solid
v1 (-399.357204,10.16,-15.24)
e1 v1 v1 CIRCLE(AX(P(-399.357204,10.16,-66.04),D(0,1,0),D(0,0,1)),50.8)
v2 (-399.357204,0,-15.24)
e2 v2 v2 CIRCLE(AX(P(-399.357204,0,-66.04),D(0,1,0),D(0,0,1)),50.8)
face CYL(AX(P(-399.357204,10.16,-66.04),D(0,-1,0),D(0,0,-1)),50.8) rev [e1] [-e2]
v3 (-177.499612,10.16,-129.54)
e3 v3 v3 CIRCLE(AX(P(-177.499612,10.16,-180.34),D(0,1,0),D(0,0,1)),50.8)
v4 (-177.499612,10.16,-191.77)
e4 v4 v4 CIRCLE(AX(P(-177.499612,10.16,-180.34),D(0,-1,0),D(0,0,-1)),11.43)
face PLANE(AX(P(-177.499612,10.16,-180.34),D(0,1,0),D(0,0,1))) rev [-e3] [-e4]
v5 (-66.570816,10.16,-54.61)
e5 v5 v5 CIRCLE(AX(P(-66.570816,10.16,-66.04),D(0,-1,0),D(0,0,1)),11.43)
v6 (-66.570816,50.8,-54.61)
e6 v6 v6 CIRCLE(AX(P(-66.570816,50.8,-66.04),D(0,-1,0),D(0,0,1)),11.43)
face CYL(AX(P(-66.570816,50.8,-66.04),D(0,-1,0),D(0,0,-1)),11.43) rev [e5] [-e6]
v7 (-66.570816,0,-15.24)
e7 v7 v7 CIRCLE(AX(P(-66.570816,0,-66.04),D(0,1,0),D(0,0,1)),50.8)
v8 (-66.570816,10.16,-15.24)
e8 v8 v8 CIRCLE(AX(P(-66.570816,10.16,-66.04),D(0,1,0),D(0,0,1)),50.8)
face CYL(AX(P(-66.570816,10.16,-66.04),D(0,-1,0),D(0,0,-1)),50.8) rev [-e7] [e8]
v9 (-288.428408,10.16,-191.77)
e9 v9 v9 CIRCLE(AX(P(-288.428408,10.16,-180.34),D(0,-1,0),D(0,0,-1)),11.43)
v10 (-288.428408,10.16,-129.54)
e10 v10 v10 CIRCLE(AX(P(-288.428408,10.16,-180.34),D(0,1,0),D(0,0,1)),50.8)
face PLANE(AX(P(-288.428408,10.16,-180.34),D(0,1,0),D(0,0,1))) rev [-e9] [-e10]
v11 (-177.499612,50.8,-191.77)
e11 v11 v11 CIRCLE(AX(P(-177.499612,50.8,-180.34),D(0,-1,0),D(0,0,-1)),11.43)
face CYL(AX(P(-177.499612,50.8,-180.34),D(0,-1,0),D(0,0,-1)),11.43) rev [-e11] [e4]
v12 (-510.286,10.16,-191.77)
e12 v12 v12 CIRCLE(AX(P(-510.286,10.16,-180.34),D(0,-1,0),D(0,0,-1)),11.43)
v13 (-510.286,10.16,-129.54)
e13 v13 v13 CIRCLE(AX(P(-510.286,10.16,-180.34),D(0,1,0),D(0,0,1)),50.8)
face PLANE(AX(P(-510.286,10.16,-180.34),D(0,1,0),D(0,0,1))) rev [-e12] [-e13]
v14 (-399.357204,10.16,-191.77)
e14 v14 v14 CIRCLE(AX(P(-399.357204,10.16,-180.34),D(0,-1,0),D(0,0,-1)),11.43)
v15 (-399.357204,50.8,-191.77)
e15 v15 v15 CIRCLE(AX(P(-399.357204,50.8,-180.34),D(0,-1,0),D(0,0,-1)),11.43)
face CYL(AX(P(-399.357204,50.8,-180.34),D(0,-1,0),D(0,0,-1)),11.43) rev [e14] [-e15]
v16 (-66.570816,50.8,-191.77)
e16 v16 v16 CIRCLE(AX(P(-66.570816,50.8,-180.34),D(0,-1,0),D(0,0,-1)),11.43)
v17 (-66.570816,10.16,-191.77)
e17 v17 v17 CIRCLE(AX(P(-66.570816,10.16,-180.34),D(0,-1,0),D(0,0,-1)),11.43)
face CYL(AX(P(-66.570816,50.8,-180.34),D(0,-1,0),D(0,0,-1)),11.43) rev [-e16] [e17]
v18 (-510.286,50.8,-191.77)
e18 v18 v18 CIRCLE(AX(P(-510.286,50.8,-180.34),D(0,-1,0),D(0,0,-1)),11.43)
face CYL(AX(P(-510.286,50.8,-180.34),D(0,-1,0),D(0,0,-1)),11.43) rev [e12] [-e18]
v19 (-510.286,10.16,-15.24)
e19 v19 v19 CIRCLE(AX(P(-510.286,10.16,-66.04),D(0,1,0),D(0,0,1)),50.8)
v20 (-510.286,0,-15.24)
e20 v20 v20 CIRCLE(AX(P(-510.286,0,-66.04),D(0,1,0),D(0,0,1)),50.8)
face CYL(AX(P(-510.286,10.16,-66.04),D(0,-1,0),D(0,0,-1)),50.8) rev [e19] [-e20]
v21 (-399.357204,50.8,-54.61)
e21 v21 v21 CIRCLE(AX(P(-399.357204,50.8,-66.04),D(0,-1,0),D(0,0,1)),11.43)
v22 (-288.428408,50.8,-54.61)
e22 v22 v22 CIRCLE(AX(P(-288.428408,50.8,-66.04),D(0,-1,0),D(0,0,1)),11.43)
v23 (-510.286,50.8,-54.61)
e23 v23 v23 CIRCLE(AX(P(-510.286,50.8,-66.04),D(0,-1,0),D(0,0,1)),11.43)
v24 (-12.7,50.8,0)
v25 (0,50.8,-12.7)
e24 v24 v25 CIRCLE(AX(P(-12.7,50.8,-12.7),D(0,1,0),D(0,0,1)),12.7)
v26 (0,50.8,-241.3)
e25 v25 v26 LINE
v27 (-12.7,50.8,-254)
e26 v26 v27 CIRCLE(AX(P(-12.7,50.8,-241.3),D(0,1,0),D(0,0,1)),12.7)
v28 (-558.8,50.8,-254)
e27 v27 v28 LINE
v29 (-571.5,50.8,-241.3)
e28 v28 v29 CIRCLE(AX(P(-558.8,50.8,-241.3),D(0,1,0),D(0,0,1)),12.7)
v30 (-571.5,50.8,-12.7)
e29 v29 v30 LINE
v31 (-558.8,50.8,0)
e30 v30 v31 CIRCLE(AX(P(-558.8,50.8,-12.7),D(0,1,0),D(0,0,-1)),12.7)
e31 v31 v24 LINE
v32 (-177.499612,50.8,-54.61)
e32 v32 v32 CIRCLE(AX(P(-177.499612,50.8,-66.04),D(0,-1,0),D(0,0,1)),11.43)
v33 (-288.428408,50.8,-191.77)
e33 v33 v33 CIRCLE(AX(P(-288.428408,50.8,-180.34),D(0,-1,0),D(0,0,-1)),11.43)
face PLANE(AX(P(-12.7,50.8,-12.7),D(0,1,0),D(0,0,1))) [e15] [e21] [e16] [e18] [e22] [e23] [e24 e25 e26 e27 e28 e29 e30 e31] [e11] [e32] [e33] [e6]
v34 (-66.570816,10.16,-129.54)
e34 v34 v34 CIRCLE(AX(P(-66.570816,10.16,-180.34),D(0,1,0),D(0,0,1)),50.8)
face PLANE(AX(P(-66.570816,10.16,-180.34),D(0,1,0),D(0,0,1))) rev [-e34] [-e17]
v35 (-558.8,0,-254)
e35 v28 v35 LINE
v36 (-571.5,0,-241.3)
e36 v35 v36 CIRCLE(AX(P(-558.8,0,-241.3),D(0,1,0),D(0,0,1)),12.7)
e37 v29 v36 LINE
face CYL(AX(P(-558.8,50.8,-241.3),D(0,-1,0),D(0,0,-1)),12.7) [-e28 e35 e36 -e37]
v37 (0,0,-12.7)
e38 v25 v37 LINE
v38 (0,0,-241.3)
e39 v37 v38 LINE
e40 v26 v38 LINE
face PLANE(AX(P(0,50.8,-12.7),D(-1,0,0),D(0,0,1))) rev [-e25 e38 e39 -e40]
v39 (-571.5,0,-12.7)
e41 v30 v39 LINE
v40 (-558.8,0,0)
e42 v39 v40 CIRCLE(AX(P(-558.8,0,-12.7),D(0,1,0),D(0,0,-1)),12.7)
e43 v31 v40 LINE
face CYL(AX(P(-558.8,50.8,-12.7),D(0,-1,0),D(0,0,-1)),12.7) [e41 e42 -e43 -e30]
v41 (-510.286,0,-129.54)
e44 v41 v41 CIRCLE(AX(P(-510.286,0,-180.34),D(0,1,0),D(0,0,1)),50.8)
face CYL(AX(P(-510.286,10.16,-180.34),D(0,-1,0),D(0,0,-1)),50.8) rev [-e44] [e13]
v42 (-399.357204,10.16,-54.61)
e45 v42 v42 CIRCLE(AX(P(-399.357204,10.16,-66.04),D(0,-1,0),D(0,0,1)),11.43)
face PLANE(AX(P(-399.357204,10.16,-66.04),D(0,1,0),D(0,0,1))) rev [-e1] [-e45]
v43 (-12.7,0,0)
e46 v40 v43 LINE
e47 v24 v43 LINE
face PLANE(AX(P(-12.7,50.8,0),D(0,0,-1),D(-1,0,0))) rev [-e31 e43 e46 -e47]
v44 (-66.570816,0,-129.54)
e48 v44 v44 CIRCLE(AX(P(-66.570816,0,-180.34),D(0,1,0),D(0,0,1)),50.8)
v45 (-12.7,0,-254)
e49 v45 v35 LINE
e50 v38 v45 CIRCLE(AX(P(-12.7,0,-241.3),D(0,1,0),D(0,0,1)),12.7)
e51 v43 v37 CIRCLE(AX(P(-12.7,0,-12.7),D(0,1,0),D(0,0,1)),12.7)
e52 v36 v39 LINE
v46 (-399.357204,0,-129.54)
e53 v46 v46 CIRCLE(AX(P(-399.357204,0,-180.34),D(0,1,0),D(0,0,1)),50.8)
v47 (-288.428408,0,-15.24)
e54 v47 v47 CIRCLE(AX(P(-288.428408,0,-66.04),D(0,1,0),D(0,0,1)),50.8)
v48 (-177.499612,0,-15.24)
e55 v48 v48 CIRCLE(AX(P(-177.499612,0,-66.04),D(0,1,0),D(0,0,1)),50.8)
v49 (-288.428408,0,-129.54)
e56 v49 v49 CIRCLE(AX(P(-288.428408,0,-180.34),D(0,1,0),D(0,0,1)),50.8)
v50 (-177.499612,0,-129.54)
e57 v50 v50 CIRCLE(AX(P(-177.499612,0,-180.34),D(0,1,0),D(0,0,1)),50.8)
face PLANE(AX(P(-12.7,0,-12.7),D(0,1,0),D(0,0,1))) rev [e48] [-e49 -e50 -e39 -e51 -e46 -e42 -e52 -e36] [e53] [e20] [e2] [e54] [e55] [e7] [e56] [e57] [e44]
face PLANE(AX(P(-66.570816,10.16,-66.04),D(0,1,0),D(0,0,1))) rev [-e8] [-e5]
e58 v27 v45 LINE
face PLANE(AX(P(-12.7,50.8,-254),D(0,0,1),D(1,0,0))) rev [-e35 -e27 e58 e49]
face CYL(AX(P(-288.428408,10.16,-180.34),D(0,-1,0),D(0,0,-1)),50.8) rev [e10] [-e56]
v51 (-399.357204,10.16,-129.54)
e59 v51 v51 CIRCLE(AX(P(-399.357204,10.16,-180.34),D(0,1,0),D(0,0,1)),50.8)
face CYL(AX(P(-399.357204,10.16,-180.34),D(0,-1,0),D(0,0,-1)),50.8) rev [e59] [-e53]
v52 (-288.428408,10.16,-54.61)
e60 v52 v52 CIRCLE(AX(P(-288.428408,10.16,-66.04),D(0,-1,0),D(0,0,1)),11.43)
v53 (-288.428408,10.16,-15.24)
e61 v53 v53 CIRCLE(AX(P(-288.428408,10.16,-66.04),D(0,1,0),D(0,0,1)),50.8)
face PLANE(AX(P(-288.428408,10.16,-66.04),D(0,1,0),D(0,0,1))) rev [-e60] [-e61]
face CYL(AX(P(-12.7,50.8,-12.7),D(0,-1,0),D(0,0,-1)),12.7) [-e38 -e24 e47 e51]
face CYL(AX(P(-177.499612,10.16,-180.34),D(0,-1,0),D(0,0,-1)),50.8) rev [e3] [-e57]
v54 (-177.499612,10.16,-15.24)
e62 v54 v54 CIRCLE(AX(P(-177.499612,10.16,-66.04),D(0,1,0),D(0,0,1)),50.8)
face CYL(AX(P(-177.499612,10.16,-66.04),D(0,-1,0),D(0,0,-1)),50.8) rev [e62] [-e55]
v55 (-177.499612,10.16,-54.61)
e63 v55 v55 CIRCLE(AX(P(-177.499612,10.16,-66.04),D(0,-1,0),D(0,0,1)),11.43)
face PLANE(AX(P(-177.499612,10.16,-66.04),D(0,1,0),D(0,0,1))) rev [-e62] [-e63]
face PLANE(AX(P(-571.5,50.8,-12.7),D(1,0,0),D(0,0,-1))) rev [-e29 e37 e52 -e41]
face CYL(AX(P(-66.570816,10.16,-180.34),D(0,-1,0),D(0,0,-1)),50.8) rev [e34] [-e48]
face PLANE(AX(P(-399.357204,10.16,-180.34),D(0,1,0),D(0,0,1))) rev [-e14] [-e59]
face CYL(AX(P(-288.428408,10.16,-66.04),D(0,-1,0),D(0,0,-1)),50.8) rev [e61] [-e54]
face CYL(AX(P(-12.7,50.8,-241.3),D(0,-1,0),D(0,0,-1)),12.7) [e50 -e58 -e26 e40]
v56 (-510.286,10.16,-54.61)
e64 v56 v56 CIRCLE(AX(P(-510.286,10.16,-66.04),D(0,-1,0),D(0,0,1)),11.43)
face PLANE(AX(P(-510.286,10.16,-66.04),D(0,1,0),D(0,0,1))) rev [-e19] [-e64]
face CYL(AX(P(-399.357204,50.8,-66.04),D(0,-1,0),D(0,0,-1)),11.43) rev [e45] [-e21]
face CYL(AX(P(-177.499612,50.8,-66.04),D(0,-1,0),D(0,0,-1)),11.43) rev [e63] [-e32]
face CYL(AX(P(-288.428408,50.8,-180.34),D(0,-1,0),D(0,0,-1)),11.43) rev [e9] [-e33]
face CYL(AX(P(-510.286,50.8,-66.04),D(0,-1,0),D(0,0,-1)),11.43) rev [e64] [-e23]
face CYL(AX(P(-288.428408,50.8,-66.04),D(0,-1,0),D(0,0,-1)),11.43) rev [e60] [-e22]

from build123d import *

# Parameters (mm, degrees)
BOSS_EXTRUDE1_DEPTH = 50.8
SKETCH2_R           = 50.8
CUT_EXTRUDE1_DEPTH  = 10.16
SKETCH3_R           = 11.43
CUT_EXTRUDE2_DEPTH  = 627.721516784


with BuildPart() as part:
    # Sketch1 → Boss-Extrude1 (new body)
    with BuildSketch(Plane(origin=(0, 0, 0), x_dir=(1, 0, 0), z_dir=(0, 1, 0))):
        with BuildLine():
            Line((-12.7, 0), (-558.8, 0))
            ThreePointArc((-558.8, 0), (-567.780256121, 3.719743879), (-571.5, 12.7))
            Line((-571.5, 12.7), (-571.5, 241.3))
            ThreePointArc((-571.5, 241.3), (-567.780256121, 250.280256121), (-558.8, 254))
            Line((-558.8, 254), (-12.7, 254))
            ThreePointArc((-12.7, 254), (-3.719743879, 250.280256121), (0, 241.3))
            Line((0, 241.3), (0, 12.7))
            ThreePointArc((0, 12.7), (-3.719743879, 3.719743879), (-12.7, 0))
        make_face()
    extrude(amount=BOSS_EXTRUDE1_DEPTH)

    # Sketch2 → Cut-Extrude1 (cut)
    with BuildSketch(Plane(origin=(0, 0, 0), x_dir=(1, 0, 0), z_dir=(0, 1, 0))):
        with Locations(Location((-177.499611663, 66.04, 0), (0, 0, 270))):
            Circle(SKETCH2_R)
        with Locations(Location((-66.57081555, 66.04, 0), (0, 0, 270))):
            Circle(SKETCH2_R)
        with Locations(Location((-288.428407775, 66.04, 0), (0, 0, 270))):
            Circle(SKETCH2_R)
        with Locations(Location((-399.357203888, 66.04, 0), (0, 0, 270))):
            Circle(SKETCH2_R)
        with Locations(Location((-510.286, 66.04, 0), (0, 0, 270))):
            Circle(SKETCH2_R)
        with Locations(Location((-177.499611663, 180.34, 0), (0, 0, 270))):
            Circle(SKETCH2_R)
        with Locations(Location((-288.428407775, 180.34, 0), (0, 0, 270))):
            Circle(SKETCH2_R)
        with Locations(Location((-399.357203888, 180.34, 0), (0, 0, 270))):
            Circle(SKETCH2_R)
        with Locations(Location((-510.286, 180.34, 0), (0, 0, 270))):
            Circle(SKETCH2_R)
        with Locations(Location((-66.57081555, 180.34, 0), (0, 0, 270))):
            Circle(SKETCH2_R)
    extrude(amount=CUT_EXTRUDE1_DEPTH, mode=Mode.SUBTRACT)

    # Sketch3 → Cut-Extrude2 (cut, through all)
    with BuildSketch(Plane.XZ.offset(-10.16)):
        with Locations(Location((-66.57081555, -180.34, 0), (0, 0, 270))):
            Circle(SKETCH3_R)
        with Locations(Location((-177.499611663, -180.34, 0), (0, 0, 270))):
            Circle(SKETCH3_R)
        with Locations(Location((-288.428407775, -180.34, 0), (0, 0, 270))):
            Circle(SKETCH3_R)
        with Locations(Location((-399.357203888, -180.34, 0), (0, 0, 270))):
            Circle(SKETCH3_R)
        with Locations(Location((-510.286, -180.34, 0), (0, 0, 270))):
            Circle(SKETCH3_R)
        with Locations(Location((-510.286, -66.04, 0), (0, 0, 90))):
            Circle(SKETCH3_R)
        with Locations(Location((-399.357203888, -66.04, 0), (0, 0, 90))):
            Circle(SKETCH3_R)
        with Locations(Location((-288.428407775, -66.04, 0), (0, 0, 90))):
            Circle(SKETCH3_R)
        with Locations(Location((-177.499611663, -66.04, 0), (0, 0, 90))):
            Circle(SKETCH3_R)
        with Locations(Location((-66.57081555, -66.04, 0), (0, 0, 90))):
            Circle(SKETCH3_R)
    extrude(amount=-CUT_EXTRUDE2_DEPTH, mode=Mode.SUBTRACT)


solid = part.part
